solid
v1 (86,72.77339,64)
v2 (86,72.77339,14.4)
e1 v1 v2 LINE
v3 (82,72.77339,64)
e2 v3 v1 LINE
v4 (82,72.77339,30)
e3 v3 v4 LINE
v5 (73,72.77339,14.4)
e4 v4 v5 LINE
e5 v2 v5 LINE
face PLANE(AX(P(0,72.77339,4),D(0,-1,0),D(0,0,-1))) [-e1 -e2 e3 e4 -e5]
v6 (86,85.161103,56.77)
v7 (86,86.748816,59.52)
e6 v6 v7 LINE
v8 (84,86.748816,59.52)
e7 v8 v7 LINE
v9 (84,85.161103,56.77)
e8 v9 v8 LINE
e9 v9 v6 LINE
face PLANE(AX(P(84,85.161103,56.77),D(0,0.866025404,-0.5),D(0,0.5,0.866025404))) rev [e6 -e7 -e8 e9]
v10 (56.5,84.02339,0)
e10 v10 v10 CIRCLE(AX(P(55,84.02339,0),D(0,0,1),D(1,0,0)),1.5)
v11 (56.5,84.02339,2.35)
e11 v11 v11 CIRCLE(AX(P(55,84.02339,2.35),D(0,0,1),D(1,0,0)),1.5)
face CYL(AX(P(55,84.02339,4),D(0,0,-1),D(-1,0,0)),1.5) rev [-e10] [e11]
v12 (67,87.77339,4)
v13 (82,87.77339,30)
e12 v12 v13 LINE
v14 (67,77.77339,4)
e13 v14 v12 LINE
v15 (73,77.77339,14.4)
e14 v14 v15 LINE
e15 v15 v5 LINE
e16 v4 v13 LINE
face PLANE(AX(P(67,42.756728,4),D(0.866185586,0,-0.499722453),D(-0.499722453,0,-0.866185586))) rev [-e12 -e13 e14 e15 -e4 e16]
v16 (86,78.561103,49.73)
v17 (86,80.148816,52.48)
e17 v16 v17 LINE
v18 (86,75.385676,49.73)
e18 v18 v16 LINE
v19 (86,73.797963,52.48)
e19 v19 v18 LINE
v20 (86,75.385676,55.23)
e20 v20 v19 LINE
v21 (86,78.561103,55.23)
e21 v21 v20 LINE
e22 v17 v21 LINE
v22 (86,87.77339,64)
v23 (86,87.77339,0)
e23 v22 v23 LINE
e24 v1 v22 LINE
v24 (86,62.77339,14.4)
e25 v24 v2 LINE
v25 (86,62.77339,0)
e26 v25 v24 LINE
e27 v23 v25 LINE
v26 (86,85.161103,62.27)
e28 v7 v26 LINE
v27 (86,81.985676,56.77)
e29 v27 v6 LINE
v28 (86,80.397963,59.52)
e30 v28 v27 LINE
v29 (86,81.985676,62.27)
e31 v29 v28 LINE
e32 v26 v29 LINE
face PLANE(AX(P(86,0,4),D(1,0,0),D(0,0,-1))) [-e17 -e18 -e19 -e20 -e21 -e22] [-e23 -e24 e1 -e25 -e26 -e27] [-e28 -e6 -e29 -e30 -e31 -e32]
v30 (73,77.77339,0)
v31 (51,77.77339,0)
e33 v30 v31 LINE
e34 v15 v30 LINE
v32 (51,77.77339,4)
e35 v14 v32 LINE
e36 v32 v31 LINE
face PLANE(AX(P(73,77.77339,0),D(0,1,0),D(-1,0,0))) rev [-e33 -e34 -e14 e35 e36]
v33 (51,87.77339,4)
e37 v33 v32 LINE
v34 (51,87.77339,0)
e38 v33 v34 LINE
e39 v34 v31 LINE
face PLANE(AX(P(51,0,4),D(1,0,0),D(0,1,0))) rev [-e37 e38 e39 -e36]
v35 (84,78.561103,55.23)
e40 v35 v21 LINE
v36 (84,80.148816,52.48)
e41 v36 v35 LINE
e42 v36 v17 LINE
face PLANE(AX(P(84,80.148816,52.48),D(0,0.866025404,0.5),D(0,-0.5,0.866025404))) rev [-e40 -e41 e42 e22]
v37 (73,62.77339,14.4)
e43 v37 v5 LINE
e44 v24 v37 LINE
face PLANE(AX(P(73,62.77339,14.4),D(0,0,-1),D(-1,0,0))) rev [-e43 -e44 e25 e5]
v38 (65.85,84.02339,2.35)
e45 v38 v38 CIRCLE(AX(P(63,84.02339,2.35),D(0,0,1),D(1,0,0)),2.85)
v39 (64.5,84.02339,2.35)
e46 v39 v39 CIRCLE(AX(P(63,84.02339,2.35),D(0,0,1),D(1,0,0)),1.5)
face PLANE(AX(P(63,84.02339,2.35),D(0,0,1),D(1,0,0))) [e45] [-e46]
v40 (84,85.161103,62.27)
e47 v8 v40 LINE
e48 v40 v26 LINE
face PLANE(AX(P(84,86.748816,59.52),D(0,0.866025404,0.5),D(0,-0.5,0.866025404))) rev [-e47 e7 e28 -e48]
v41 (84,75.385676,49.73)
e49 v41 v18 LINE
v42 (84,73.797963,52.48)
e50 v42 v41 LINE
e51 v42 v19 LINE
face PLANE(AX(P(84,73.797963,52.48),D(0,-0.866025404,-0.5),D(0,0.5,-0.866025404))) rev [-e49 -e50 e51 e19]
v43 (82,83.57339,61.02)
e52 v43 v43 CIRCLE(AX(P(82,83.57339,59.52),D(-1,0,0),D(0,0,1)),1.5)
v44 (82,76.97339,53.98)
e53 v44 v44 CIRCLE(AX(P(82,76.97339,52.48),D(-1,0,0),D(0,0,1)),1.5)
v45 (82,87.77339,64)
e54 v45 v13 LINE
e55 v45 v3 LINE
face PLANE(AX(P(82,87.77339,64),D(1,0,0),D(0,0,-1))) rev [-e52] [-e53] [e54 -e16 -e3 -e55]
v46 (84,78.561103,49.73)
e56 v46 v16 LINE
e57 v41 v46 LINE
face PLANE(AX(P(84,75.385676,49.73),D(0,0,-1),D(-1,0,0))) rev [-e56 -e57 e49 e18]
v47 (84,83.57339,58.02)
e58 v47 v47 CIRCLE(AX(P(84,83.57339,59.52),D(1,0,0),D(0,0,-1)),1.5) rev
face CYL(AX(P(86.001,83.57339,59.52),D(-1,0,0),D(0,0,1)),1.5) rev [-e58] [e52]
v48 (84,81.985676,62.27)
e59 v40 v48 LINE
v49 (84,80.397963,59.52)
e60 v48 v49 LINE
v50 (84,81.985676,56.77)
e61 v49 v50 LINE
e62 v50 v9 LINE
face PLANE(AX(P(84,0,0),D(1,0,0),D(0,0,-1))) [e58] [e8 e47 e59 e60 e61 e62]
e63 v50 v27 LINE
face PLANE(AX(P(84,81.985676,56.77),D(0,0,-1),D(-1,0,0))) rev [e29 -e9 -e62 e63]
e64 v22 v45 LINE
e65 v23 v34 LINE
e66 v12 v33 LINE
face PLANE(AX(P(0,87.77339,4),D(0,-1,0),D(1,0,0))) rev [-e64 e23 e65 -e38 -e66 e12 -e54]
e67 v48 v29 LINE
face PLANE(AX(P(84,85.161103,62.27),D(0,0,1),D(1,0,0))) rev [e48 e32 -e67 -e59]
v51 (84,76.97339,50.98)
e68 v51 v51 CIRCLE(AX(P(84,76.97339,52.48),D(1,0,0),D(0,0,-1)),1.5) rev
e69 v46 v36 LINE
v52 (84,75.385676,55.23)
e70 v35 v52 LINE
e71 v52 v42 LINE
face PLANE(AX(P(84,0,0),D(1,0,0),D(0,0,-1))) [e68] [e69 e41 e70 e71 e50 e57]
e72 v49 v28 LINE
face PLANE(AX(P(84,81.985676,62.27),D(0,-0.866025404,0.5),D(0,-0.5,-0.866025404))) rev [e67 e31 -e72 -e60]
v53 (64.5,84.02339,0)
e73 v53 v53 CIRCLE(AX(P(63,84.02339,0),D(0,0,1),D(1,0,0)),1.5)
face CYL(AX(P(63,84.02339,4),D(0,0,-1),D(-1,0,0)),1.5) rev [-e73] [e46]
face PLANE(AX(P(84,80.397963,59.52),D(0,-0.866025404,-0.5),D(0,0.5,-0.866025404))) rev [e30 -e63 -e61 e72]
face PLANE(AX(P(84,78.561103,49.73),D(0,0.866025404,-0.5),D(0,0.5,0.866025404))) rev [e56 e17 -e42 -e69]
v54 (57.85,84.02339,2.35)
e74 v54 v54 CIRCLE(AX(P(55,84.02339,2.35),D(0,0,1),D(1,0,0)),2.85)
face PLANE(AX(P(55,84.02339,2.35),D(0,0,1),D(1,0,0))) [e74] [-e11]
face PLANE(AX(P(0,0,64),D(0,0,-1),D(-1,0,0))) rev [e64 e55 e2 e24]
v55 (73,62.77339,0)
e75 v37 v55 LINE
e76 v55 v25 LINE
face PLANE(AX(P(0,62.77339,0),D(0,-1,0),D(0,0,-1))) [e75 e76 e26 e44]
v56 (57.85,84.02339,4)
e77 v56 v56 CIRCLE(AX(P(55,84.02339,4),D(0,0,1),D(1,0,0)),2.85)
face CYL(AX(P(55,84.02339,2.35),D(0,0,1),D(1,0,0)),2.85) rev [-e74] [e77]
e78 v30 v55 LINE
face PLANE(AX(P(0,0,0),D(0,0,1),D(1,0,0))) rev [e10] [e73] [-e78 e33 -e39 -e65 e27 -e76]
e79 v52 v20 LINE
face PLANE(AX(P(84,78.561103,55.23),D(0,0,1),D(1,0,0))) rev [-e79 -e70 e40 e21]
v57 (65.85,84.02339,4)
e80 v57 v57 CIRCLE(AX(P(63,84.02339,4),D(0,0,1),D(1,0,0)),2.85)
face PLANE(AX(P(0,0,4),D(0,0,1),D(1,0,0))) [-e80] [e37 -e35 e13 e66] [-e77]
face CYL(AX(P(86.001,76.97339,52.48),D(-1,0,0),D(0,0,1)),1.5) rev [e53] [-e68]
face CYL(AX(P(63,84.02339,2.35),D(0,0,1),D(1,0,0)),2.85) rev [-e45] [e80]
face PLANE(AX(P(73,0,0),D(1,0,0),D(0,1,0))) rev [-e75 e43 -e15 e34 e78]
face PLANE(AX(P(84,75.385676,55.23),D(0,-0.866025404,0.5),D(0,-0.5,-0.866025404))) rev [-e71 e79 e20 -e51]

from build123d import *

# Parameters (mm, degrees)
CROQUIS1_W              = 4
CROQUIS1_H              = 15
CROQUIS1_W_2            = 15
CROQUIS1_W_3            = 16
CROQUIS1_R              = 1.5
SALIENTE_EXTRUIR1_DEPTH = 4
CROQUIS2_W              = 4
CROQUIS2_H              = 15
SALIENTE_EXTRUIR2_DEPTH = 60
SALIENTE_EXTRUIR4_START = -7.5
SALIENTE_EXTRUIR4_DEPTH = 15
CROQUIS8_R              = 2.85
CORTAR_EXTRUIR3_DEPTH   = 1.65
CORTAR_EXTRUIR2_REACH   = 114.965
CROQUIS7_R              = 1.5
CORTAR_EXTRUIR5_DEPTH   = 2
CROQUIS10_W             = 22
CROQUIS10_H             = 5
CORTAR_EXTRUIR6_DEPTH   = 22
CROQUIS11_W             = 13
CROQUIS11_H             = 14.4
SALIENTE_EXTRUIR5_DEPTH = 10


with BuildPart() as part:
    # Croquis1 → Saliente-Extruir1 (new body)
    # profile 1 of 3: a face of its own
    with BuildSketch(Plane.XY):
        with Locations((84, 80.273389683)):
            Rectangle(CROQUIS1_W, CROQUIS1_H)
    # profile 2 of 3: a face of its own
    with BuildSketch(Plane.XY):
        with Locations((74.5, 80.273389683)):
            Rectangle(CROQUIS1_W_2, CROQUIS1_H)
    # profile 3 of 3: a face of its own
    with BuildSketch(Plane.XY):
        with Locations((59, 80.273389683)):
            Rectangle(CROQUIS1_W_3, CROQUIS1_H)
        with Locations((55, 84.023389683)):
            Circle(CROQUIS1_R, mode=Mode.SUBTRACT)
        with Locations((63, 84.023389683)):
            Circle(CROQUIS1_R, mode=Mode.SUBTRACT)
    extrude(amount=SALIENTE_EXTRUIR1_DEPTH)

    # Croquis2 → Saliente-Extruir2 (add)
    with BuildSketch(Plane.XY.offset(4)):
        with Locations((84, 80.273389683)):
            Rectangle(CROQUIS2_W, CROQUIS2_H)
    extrude(amount=SALIENTE_EXTRUIR2_DEPTH)

    # Croquis6 → Saliente-Extruir4 (add)
    with BuildSketch(Plane(origin=(0, 80.273389683, 0), x_dir=(-1, 0, 0), z_dir=(0, -1, 0)).offset(SALIENTE_EXTRUIR4_START)):
        Polygon((-82, -30), (-82, -4), (-67, -4), align=None)
    extrude(amount=SALIENTE_EXTRUIR4_DEPTH)

    # Croquis8 → Cortar-Extruir3 (cut)
    with BuildSketch(Plane.XY.offset(4)):
        with Locations((63, 84.023389683)):
            Circle(CROQUIS8_R)
        with Locations((55, 84.023389683)):
            Circle(CROQUIS8_R)
    extrude(amount=-CORTAR_EXTRUIR3_DEPTH, mode=Mode.SUBTRACT)

    # Croquis7 → Cortar-Extruir2 (cut, up to next)
    with BuildSketch(Plane.ZY.offset(-82), mode=Mode.PRIVATE) as cortar_extruir2_sk1:
        with Locations((52.48, 76.973389683)):
            Circle(CROQUIS7_R)
    cortar_extruir2_tool1 = extrude(cortar_extruir2_sk1.sketch, amount=-CORTAR_EXTRUIR2_REACH, mode=Mode.PRIVATE) & part.part
    # Croquis7 → Cortar-Extruir2 (cut, up to next)
    with BuildSketch(Plane.ZY.offset(-82), mode=Mode.PRIVATE) as cortar_extruir2_sk2:
        with Locations((59.52, 83.573389683)):
            Circle(CROQUIS7_R)
    cortar_extruir2_tool2 = extrude(cortar_extruir2_sk2.sketch, amount=-CORTAR_EXTRUIR2_REACH, mode=Mode.PRIVATE) & part.part
    add(cortar_extruir2_tool1.solids().sort_by_distance((82, 76.97339, 52.48))[0], mode=Mode.SUBTRACT)
    add(cortar_extruir2_tool2.solids().sort_by_distance((82, 83.57339, 59.52))[0], mode=Mode.SUBTRACT)

    # Croquis9 → Cortar-Extruir5 (cut)
    with BuildSketch(Plane(origin=(86, 0, 0), x_dir=(0, 0, -1), z_dir=(1, 0, 0))):
        Polygon((-55.23, 75.385676443), (-52.48, 73.797963203), (-49.73, 75.385676443), (-49.73, 78.561102924), (-52.48, 80.148816164), (-55.23, 78.561102924), align=None)
        Polygon((-62.27, 81.985676443), (-59.52, 80.397963203), (-56.77, 81.985676443), (-56.77, 85.161102924), (-59.52, 86.748816164), (-62.27, 85.161102924), align=None)
    extrude(amount=-CORTAR_EXTRUIR5_DEPTH, mode=Mode.SUBTRACT)

    # Croquis10 → Cortar-Extruir6 (cut)
    with BuildSketch(Plane.ZY.offset(-51)):
        with Locations((11, 75.273389683)):
            Rectangle(CROQUIS10_W, CROQUIS10_H)
    extrude(amount=-CORTAR_EXTRUIR6_DEPTH, mode=Mode.SUBTRACT)

    # Croquis11 → Saliente-Extruir5 (add)
    with BuildSketch(Plane.XZ.offset(-72.773389683)):
        with Locations((79.5, 7.2)):
            Rectangle(CROQUIS11_W, CROQUIS11_H)
    extrude(amount=SALIENTE_EXTRUIR5_DEPTH)


solid = part.part
